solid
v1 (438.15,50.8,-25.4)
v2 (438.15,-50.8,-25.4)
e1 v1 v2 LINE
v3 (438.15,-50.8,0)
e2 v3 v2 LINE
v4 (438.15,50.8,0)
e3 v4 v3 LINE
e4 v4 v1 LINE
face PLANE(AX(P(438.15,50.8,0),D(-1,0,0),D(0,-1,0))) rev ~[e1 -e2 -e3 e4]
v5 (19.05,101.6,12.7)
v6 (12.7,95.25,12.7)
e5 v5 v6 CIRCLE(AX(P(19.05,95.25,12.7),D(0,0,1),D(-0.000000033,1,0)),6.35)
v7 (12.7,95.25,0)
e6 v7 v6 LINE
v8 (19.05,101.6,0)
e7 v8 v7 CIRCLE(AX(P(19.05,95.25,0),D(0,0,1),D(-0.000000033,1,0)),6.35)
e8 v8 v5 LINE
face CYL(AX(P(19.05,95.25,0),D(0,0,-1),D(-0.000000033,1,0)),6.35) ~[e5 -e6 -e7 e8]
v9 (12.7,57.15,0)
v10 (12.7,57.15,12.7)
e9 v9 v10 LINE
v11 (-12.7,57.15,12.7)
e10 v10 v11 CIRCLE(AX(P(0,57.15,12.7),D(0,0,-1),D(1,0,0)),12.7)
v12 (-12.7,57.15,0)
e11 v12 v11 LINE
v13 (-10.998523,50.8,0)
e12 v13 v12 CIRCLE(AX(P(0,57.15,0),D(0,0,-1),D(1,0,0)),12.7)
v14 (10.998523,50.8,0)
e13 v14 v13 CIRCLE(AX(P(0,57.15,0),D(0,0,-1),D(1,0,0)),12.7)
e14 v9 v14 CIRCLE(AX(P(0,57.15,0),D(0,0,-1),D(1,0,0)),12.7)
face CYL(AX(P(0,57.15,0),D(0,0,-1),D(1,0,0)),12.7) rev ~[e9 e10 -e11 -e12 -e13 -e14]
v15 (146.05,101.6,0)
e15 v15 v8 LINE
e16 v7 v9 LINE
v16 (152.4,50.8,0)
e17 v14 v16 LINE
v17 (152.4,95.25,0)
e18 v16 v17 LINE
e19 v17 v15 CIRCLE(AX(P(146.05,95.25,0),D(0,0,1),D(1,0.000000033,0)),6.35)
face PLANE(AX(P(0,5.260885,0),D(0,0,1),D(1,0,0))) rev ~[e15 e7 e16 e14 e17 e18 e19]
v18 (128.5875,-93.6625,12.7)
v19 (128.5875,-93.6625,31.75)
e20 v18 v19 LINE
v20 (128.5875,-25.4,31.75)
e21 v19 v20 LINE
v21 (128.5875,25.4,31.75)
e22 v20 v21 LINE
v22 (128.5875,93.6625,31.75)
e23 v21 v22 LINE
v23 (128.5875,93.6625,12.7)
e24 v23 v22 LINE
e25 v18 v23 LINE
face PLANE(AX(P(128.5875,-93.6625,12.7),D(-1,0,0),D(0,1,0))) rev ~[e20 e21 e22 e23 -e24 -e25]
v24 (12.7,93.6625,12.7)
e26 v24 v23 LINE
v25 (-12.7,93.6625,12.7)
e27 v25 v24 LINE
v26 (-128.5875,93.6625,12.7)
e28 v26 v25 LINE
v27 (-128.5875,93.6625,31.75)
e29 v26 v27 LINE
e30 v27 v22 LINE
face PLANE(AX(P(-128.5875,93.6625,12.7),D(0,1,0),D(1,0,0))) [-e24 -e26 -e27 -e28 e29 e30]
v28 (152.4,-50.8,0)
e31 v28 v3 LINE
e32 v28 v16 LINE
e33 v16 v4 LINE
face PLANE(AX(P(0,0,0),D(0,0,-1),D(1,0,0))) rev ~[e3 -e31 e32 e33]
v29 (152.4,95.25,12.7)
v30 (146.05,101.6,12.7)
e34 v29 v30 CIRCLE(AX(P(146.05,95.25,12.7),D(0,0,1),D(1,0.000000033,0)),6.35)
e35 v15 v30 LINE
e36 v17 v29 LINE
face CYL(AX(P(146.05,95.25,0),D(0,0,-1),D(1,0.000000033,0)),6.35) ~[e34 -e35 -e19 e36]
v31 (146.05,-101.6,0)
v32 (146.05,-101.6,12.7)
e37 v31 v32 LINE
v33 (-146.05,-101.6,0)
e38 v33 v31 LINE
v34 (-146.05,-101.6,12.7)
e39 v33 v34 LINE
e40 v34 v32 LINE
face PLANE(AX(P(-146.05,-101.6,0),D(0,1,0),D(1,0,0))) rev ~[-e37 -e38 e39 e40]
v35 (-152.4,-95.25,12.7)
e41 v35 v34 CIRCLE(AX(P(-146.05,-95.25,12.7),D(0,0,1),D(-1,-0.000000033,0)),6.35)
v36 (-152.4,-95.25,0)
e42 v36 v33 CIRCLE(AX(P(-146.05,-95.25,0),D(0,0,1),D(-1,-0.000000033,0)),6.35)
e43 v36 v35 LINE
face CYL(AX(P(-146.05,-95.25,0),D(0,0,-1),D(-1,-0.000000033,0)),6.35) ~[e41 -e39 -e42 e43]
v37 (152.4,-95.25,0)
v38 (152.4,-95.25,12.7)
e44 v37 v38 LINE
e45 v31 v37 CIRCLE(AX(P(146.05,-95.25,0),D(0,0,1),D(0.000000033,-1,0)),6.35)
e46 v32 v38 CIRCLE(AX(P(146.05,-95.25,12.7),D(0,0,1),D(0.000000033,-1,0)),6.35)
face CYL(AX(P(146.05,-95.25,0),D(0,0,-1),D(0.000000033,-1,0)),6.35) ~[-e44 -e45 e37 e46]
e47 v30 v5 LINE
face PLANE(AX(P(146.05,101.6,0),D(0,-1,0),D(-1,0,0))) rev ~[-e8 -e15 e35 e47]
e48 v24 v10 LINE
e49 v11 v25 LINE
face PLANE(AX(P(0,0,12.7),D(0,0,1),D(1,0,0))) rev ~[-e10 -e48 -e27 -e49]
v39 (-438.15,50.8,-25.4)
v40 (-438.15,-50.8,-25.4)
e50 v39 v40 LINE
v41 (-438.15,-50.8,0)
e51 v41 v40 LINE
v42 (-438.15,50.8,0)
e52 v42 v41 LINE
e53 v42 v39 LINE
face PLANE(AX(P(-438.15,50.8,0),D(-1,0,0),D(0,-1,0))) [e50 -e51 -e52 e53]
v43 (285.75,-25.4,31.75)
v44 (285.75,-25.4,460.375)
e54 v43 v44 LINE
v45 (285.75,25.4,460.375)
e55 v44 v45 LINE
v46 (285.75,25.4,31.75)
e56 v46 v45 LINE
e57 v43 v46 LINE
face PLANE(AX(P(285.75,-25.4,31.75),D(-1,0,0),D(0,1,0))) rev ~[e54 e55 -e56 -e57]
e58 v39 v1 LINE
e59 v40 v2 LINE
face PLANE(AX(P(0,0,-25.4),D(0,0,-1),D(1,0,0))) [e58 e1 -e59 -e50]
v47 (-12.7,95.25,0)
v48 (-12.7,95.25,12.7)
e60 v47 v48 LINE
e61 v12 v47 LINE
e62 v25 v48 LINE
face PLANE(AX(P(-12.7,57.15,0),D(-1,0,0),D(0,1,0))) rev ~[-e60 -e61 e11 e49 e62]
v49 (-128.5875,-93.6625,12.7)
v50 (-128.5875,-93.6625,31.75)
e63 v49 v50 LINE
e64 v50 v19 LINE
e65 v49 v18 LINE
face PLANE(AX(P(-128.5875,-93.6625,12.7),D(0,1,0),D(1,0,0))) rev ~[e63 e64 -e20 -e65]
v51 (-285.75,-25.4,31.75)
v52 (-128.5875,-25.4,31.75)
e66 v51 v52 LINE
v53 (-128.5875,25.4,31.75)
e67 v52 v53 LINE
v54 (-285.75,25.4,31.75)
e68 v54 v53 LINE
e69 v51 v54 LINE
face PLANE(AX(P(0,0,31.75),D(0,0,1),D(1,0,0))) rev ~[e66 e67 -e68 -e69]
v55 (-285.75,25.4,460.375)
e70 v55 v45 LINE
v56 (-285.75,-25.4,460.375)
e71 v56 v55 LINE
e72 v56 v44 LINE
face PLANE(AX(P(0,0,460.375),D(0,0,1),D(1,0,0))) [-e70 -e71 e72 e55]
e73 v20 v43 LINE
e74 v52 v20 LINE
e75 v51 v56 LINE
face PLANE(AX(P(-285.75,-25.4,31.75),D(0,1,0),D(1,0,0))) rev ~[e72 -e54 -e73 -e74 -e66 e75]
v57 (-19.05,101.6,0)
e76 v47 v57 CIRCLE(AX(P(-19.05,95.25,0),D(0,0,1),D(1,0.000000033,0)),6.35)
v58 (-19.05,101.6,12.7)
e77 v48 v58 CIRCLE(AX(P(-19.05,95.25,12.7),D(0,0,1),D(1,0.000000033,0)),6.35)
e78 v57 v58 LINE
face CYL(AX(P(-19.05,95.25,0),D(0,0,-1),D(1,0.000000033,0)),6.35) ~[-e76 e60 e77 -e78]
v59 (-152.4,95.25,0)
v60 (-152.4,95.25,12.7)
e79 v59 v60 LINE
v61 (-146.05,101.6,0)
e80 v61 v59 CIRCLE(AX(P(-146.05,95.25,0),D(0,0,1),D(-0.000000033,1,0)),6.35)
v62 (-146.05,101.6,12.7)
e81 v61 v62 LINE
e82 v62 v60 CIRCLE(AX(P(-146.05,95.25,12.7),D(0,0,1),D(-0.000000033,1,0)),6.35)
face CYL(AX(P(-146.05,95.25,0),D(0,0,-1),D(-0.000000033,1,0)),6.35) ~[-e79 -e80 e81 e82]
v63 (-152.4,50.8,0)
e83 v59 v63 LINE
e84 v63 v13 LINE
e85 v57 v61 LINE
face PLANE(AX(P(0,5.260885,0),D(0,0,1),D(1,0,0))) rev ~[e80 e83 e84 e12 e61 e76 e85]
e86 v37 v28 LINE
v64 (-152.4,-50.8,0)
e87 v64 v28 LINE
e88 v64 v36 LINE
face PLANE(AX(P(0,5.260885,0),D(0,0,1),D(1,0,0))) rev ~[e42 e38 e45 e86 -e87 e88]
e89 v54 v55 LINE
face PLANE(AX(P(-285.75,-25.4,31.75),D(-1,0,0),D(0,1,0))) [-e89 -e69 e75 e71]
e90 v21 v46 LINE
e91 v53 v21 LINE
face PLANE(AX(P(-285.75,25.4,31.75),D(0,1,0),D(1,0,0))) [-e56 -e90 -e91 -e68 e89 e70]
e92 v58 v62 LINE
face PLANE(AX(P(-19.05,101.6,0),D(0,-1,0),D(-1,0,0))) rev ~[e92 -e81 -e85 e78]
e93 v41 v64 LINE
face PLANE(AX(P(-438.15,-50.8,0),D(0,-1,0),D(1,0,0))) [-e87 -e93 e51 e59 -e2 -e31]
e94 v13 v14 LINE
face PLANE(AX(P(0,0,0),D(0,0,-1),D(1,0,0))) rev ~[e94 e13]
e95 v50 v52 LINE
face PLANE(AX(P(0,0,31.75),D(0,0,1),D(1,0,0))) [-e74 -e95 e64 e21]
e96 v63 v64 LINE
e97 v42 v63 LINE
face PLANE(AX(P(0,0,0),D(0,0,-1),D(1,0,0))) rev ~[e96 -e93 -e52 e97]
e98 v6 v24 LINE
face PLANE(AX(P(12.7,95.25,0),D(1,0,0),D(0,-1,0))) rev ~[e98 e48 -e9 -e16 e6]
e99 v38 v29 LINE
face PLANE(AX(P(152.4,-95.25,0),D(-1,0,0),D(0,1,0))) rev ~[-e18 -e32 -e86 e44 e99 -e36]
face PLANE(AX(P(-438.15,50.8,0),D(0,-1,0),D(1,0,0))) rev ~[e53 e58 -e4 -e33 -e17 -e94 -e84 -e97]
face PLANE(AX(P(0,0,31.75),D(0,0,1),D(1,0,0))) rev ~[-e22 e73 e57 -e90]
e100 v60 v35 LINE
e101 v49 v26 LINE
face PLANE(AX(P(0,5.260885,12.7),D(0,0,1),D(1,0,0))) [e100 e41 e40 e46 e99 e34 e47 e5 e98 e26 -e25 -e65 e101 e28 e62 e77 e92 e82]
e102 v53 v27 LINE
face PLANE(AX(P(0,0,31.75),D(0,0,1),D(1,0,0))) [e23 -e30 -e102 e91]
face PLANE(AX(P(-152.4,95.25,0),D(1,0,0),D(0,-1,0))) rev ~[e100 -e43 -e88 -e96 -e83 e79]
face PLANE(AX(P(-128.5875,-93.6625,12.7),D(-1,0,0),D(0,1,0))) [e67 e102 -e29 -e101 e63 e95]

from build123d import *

# Parameters (mm, degrees)
F1_DEPTH = 12.7
F2_W     = 876.3
F2_H     = 101.6
F3_DEPTH = 25.4
F4_W     = 257.175
F4_H     = 187.325
F5_DEPTH = 19.05
F6_W     = 571.5
F6_H     = 50.8
F7_DEPTH = 428.625


with BuildPart() as f1:
    # F0 (on Top) → F1 (new body)
    with BuildSketch(Plane.XY):
        with BuildLine():
            Line((-146.05, -101.6), (146.05, -101.6))
            ThreePointArc((146.05, -101.6), (150.540128, -99.740128), (152.4, -95.25))
            Line((152.4, -95.25), (152.4, 95.25))
            ThreePointArc((152.4, 95.25), (150.540128, 99.740128), (146.05, 101.6))
            Line((146.05, 101.6), (19.05, 101.6))
            ThreePointArc((19.05, 101.6), (14.559872, 99.740128), (12.7, 95.25))
            Line((12.7, 95.25), (12.7, 57.15))
            ThreePointArc((12.7, 57.15), (0, 44.45), (-12.7, 57.15))
            Line((-12.7, 57.15), (-12.7, 95.25))
            ThreePointArc((-12.7, 95.25), (-14.559872, 99.740128), (-19.05, 101.6))
            Line((-19.05, 101.6), (-146.05, 101.6))
            ThreePointArc((-146.05, 101.6), (-150.540128, 99.740128), (-152.4, 95.25))
            Line((-152.4, 95.25), (-152.4, -95.25))
            ThreePointArc((-152.4, -95.25), (-150.540128, -99.740128), (-146.05, -101.6))
        make_face()
    extrude(amount=F1_DEPTH)

    # F2 (on face) → F3 (join)
    with BuildSketch(Plane(origin=(0, 0, 0), x_dir=(1, 0, 0), z_dir=(0, 0, -1))):
        Rectangle(F2_W, F2_H)
    extrude(amount=F3_DEPTH)

    # F4 (on face) → F5 (join)
    with BuildSketch(Plane.XY.offset(12.7)):
        Rectangle(F4_W, F4_H)
    extrude(amount=F5_DEPTH)

    # F6 (on face) → F7 (join)
    with BuildSketch(Plane.XY.offset(31.75)):
        Rectangle(F6_W, F6_H)
    extrude(amount=F7_DEPTH)


solid = f1.part
